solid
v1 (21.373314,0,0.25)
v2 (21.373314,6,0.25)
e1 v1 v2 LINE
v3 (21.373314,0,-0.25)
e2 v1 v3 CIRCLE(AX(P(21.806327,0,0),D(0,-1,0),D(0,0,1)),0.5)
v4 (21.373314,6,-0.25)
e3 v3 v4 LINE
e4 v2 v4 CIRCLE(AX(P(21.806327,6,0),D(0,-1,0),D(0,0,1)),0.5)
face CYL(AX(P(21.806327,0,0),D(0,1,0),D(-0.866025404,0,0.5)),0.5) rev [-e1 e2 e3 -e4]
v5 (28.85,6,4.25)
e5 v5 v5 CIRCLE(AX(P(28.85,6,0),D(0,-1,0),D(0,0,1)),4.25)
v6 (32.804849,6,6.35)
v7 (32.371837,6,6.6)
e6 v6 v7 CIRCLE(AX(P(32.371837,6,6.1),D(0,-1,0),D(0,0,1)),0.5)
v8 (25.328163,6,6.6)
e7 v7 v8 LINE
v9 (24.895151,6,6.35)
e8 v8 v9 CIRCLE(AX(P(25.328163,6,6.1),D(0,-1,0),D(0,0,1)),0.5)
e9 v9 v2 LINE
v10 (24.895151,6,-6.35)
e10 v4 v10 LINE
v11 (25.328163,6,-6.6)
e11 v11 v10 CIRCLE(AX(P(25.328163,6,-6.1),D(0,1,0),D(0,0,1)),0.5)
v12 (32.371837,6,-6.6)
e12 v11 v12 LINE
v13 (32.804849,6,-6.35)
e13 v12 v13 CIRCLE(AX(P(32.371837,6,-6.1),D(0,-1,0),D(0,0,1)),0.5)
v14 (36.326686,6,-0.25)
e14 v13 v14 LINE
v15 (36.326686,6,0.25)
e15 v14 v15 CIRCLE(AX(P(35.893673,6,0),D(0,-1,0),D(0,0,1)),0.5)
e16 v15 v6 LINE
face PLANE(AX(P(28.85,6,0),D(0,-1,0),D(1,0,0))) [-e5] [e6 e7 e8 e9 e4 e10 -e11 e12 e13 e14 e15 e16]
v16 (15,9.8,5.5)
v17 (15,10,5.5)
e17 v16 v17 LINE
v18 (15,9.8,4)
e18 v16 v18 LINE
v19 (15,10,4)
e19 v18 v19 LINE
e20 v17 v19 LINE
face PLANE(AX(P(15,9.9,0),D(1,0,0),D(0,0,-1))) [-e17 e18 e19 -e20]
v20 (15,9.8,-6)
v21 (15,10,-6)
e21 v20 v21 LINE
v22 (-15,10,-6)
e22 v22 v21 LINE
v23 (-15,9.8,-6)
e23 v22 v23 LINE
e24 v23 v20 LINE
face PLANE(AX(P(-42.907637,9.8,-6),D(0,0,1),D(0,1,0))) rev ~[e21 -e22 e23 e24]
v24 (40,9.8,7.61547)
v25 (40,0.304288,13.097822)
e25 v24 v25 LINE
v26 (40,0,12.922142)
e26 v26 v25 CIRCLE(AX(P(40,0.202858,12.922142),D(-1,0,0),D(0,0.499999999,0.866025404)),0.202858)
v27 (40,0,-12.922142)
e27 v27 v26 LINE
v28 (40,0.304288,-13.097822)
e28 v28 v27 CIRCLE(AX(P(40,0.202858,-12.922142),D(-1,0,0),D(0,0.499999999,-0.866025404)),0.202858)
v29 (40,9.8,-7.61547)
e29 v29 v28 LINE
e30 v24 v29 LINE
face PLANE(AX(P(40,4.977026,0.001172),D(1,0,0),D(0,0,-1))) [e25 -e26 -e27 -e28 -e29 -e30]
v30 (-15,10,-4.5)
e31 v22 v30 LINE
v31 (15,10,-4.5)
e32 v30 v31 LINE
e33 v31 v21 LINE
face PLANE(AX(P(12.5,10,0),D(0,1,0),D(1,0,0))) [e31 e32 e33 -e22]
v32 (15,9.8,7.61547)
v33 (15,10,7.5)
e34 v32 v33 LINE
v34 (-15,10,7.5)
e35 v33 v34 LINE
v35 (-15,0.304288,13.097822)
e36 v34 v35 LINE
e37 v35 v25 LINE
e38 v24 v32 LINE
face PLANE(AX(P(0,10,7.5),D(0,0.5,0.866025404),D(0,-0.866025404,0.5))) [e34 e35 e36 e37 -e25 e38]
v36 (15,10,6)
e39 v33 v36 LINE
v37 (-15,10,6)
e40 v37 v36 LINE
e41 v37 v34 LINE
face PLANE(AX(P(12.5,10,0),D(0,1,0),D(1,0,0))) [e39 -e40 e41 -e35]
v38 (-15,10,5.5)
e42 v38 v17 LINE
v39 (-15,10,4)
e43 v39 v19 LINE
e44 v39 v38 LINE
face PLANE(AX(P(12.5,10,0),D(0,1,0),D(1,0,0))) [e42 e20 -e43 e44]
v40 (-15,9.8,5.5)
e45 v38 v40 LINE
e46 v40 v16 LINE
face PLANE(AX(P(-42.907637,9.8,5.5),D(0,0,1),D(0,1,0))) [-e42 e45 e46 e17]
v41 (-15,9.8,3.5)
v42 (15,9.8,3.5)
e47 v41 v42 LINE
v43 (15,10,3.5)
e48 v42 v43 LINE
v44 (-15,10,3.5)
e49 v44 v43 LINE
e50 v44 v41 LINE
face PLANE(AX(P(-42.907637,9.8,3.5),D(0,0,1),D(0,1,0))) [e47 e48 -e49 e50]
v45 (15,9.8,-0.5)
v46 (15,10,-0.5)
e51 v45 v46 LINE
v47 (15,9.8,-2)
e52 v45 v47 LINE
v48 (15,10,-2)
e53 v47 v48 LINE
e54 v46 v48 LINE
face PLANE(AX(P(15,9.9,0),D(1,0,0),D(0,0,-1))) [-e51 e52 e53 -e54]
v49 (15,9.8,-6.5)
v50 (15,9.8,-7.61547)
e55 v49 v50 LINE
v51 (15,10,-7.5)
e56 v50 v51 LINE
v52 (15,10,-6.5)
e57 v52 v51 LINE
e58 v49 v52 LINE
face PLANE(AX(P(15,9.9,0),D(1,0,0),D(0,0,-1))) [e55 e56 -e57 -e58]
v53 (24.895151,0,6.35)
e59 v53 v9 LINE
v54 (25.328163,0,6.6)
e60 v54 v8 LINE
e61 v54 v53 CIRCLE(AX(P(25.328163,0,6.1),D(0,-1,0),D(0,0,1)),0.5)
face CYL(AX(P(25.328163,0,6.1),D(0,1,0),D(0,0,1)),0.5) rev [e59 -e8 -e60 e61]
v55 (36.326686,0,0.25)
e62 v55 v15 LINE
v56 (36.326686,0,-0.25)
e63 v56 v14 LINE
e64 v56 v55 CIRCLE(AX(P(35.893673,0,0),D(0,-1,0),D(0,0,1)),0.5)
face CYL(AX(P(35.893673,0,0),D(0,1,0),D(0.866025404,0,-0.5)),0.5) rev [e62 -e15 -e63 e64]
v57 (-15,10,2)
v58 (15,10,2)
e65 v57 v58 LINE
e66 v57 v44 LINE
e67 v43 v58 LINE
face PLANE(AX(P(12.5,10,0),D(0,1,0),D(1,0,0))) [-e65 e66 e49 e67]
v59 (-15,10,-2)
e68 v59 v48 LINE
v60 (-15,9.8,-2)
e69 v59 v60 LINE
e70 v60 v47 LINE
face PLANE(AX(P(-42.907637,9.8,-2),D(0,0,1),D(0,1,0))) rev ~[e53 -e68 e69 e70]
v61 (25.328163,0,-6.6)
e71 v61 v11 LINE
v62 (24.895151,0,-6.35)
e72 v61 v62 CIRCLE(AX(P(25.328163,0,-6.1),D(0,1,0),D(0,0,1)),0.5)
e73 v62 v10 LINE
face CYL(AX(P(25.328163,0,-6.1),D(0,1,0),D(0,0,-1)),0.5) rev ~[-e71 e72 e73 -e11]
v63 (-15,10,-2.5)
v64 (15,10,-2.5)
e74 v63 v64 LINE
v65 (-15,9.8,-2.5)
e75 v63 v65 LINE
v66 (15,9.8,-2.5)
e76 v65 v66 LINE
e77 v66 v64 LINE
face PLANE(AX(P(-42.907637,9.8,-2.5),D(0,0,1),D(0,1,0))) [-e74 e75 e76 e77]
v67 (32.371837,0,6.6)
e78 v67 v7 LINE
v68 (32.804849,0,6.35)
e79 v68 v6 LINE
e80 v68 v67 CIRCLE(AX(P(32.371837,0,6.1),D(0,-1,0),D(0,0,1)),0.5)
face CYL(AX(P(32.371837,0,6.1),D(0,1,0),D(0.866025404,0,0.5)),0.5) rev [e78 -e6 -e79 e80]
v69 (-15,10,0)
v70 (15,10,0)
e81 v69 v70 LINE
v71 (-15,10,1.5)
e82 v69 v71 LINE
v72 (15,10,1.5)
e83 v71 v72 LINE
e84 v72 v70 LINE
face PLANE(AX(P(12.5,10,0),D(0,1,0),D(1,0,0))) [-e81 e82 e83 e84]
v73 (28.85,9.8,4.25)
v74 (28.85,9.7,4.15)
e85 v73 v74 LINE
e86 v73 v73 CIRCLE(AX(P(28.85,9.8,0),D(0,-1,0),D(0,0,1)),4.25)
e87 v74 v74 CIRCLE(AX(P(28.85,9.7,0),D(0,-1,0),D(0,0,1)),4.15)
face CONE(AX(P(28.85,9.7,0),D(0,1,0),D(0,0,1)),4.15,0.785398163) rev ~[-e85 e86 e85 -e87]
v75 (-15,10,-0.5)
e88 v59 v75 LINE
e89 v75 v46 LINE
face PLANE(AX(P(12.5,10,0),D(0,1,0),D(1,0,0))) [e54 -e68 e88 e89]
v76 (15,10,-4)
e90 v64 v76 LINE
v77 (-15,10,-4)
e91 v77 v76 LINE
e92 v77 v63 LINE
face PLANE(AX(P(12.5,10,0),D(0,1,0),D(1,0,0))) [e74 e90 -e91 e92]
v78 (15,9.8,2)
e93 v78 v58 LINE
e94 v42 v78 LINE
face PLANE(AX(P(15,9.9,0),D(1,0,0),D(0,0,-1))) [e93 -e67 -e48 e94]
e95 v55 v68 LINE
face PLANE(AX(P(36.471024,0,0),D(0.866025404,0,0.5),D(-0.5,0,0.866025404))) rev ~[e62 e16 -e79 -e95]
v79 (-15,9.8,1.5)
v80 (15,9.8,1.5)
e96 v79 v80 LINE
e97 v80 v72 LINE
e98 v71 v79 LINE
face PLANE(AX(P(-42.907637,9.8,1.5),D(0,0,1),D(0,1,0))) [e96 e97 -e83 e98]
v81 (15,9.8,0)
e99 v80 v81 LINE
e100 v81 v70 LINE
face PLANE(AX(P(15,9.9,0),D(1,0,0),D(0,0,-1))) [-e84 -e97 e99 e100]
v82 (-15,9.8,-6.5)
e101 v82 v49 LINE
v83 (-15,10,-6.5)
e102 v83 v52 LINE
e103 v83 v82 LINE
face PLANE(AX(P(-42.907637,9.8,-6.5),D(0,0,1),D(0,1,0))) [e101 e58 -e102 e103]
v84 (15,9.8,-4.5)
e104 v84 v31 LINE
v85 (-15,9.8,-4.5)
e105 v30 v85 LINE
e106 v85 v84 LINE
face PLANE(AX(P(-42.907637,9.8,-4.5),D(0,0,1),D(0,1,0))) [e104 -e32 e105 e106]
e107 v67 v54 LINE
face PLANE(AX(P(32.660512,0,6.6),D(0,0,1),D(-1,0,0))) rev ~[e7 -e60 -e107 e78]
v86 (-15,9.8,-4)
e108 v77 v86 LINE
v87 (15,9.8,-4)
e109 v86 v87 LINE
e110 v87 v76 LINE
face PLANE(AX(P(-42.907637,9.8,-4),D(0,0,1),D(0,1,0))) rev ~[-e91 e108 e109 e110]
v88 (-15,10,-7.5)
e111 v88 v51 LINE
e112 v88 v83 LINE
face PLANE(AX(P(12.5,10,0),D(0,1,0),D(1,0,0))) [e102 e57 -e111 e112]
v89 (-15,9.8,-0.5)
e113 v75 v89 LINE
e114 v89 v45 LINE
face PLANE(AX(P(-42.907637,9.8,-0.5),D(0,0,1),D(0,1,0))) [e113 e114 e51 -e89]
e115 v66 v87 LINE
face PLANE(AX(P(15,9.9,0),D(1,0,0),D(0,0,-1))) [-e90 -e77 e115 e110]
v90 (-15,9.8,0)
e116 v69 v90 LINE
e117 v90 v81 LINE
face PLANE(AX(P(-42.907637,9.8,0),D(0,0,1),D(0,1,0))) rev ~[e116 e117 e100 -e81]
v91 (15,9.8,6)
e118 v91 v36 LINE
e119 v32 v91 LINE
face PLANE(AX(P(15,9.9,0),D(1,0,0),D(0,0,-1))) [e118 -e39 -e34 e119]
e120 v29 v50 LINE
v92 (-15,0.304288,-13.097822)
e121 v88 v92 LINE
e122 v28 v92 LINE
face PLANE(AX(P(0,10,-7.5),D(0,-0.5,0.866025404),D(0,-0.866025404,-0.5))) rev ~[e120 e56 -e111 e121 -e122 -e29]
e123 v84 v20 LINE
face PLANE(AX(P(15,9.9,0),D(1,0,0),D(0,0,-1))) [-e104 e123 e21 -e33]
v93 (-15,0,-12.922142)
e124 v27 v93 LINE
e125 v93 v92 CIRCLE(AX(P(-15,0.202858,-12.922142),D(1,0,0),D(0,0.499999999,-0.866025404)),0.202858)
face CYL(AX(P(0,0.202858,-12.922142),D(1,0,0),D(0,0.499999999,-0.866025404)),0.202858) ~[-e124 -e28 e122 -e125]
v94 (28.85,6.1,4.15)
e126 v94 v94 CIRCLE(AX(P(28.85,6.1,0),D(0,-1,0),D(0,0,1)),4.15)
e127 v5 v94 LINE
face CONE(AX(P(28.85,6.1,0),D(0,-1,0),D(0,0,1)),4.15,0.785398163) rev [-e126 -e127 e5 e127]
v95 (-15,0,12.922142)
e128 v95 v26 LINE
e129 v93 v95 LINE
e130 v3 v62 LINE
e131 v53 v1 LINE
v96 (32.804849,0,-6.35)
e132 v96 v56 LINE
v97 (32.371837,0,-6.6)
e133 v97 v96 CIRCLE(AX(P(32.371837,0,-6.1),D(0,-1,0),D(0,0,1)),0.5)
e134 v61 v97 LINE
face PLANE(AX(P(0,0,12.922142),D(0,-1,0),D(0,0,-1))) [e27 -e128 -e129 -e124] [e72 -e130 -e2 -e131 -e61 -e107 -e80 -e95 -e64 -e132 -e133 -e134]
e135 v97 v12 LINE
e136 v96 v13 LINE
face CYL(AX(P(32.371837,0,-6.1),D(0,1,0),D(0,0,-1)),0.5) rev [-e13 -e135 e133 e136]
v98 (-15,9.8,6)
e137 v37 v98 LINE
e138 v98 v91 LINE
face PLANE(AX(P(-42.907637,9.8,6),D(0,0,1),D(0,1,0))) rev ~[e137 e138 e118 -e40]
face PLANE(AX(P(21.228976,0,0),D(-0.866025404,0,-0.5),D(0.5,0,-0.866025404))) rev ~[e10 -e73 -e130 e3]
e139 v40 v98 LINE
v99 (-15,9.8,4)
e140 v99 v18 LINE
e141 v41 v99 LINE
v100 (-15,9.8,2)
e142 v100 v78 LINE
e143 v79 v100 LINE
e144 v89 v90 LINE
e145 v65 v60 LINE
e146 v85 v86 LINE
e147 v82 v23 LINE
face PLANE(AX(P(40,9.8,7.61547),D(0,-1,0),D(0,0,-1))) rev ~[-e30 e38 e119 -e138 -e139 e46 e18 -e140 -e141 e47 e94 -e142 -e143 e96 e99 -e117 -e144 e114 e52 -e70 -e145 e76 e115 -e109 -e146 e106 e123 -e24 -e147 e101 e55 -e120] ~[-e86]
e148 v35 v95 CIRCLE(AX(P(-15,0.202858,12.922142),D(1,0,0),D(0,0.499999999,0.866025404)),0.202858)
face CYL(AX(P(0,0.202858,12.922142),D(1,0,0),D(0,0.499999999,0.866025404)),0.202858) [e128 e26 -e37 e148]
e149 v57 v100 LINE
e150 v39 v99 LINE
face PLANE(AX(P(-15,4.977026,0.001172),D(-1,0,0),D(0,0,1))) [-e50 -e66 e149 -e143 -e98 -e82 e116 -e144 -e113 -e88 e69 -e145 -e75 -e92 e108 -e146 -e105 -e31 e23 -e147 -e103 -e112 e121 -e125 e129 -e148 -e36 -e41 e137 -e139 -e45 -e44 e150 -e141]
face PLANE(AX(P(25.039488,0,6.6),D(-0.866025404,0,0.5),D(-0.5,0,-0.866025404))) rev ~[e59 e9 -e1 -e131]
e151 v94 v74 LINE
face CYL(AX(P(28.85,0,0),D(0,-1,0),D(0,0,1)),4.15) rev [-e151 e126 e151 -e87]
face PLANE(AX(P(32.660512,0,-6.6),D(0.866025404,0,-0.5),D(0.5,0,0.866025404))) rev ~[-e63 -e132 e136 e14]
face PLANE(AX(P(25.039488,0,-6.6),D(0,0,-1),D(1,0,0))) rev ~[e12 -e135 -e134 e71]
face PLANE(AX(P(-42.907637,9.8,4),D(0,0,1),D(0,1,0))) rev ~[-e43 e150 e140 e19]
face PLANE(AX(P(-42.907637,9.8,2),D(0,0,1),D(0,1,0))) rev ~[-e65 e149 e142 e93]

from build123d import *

# Parameters (mm, degrees)
SKETCH1_R                       = 4.15
BOSS_EXTRUDE1_DEPTH             = 10
CUT_EXTRUDE2_DEPTH              = 42.907636536
CUT_EXTRUDE2_DEPTH_BACK         = 42.907636536
SKETCH2_W                       = 0.5
SKETCH2_H                       = 0.2
BOSS_EXTRUDE2_REACH             = 43.908
BOSS_EXTRUDE2_DIRECTION_2_REACH = 43.908
SKETCH10_W                      = 15.230940108
SKETCH10_H                      = 0.2
CUT_EXTRUDE6_DEPTH              = 25
CUT_EXTRUDE5_DEPTH              = 6
FILLET3_R                       = 0.5
CHAMFER1_SIZE                   = 0.1


with BuildPart() as part:
    # Sketch1 → Boss-Extrude1 (new body)
    with BuildSketch(Plane(origin=(0, 0, 0), x_dir=(1, 0, 0), z_dir=(0, 1, 0))):
        Polygon((-15, -7.5), (15, -7.5), (40, -7.5), (40, 7.5), (15, 7.5), (-15, 7.5), align=None)
        with Locations(Location((28.85, 0, 0), (0, 0, 270))):
            Circle(SKETCH1_R, mode=Mode.SUBTRACT)
    extrude(amount=BOSS_EXTRUDE1_DEPTH)

    # Sketch2 → Cut-Extrude2 (cut, two sides: drawn at the far end of the back side and taken through both)
    with BuildSketch(Plane(origin=(0, 0, 0), x_dir=(0, 0, -1), z_dir=(1, 0, 0)).offset(-CUT_EXTRUDE2_DEPTH_BACK)):
        with Locations((-5.75, 9.9)):
            Rectangle(SKETCH2_W, SKETCH2_H)
        with Locations((-3.75, 9.9)):
            Rectangle(SKETCH2_W, SKETCH2_H)
        with Locations((-1.75, 9.9)):
            Rectangle(SKETCH2_W, SKETCH2_H)
        with Locations((0.25, 9.9)):
            Rectangle(SKETCH2_W, SKETCH2_H)
        with Locations((2.25, 9.9)):
            Rectangle(SKETCH2_W, SKETCH2_H)
        with Locations((4.25, 9.9)):
            Rectangle(SKETCH2_W, SKETCH2_H)
        with Locations((6.25, 9.9)):
            Rectangle(SKETCH2_W, SKETCH2_H)
    extrude(amount=CUT_EXTRUDE2_DEPTH + CUT_EXTRUDE2_DEPTH_BACK, mode=Mode.SUBTRACT)

    # Boss-Extrude2: up to this face of the body (flat: up to its plane)
    boss_extrude2_end = Plane(part.part.faces().sort_by_distance((40, 4.977026122, 0.001172137))[0])
    # Sketch3 → Boss-Extrude2 (add, up to the picked face)
    with BuildSketch(Plane(origin=(0, 0, 0), x_dir=(0, 0, -1), z_dir=(1, 0, 0)), mode=Mode.PRIVATE) as boss_extrude2_sk1:
        with BuildLine():
            Line((7.5, 10), (13.097822121, 0.304287674))
            ThreePointArc((13.097822121, 0.304287674), (13.097822121, 0.101429225), (12.92214155, 0))
            Line((12.92214155, 0), (7.5, 0))
            Line((7.5, 0), (7.5, 10))
        make_face()
    boss_extrude2_tool1 = split(extrude(boss_extrude2_sk1.sketch, amount=BOSS_EXTRUDE2_REACH, mode=Mode.PRIVATE), bisect_by=boss_extrude2_end, keep=Keep.BOTH, mode=Mode.PRIVATE)
    # Sketch3 → Boss-Extrude2 (add, up to the picked face)
    with BuildSketch(Plane(origin=(0, 0, 0), x_dir=(0, 0, -1), z_dir=(1, 0, 0)), mode=Mode.PRIVATE) as boss_extrude2_sk2:
        with BuildLine():
            Line((-7.5, 0), (-7.5, 10))
            Line((-7.5, 10), (-13.097822121, 0.304287674))
            ThreePointArc((-13.097822121, 0.304287674), (-13.097822121, 0.101429225), (-12.92214155, 0))
            Line((-12.92214155, 0), (-7.5, 0))
        make_face()
    boss_extrude2_tool2 = split(extrude(boss_extrude2_sk2.sketch, amount=BOSS_EXTRUDE2_REACH, mode=Mode.PRIVATE), bisect_by=boss_extrude2_end, keep=Keep.BOTH, mode=Mode.PRIVATE)
    add(boss_extrude2_tool1.solids().sort_by(Axis((0, 3.336518, -9.420866), (1, 0, 0)))[0])
    add(boss_extrude2_tool2.solids().sort_by(Axis((0, 3.336518, 9.420866), (1, 0, 0)))[0])

    # Boss-Extrude2 direction 2: up to this face of the body (flat: up to its plane)
    boss_extrude2_direction_2_end = Plane(part.part.faces().sort_by_distance((-15, 4.977026122, 0.001172137))[0])
    # Sketch3 → Boss-Extrude2 direction 2 (add, up to the picked face)
    with BuildSketch(Plane(origin=(0, 0, 0), x_dir=(0, 0, -1), z_dir=(1, 0, 0)), mode=Mode.PRIVATE) as boss_extrude2_direction_2_sk1:
        with BuildLine():
            Line((7.5, 10), (13.097822121, 0.304287674))
            ThreePointArc((13.097822121, 0.304287674), (13.097822121, 0.101429225), (12.92214155, 0))
            Line((12.92214155, 0), (7.5, 0))
            Line((7.5, 0), (7.5, 10))
        make_face()
    boss_extrude2_direction_2_tool1 = split(extrude(boss_extrude2_direction_2_sk1.sketch, amount=-BOSS_EXTRUDE2_DIRECTION_2_REACH, mode=Mode.PRIVATE), bisect_by=boss_extrude2_direction_2_end, keep=Keep.BOTH, mode=Mode.PRIVATE)
    # Sketch3 → Boss-Extrude2 direction 2 (add, up to the picked face)
    with BuildSketch(Plane(origin=(0, 0, 0), x_dir=(0, 0, -1), z_dir=(1, 0, 0)), mode=Mode.PRIVATE) as boss_extrude2_direction_2_sk2:
        with BuildLine():
            Line((-7.5, 0), (-7.5, 10))
            Line((-7.5, 10), (-13.097822121, 0.304287674))
            ThreePointArc((-13.097822121, 0.304287674), (-13.097822121, 0.101429225), (-12.92214155, 0))
            Line((-12.92214155, 0), (-7.5, 0))
        make_face()
    boss_extrude2_direction_2_tool2 = split(extrude(boss_extrude2_direction_2_sk2.sketch, amount=-BOSS_EXTRUDE2_DIRECTION_2_REACH, mode=Mode.PRIVATE), bisect_by=boss_extrude2_direction_2_end, keep=Keep.BOTH, mode=Mode.PRIVATE)
    add(boss_extrude2_direction_2_tool1.solids().sort_by(Axis((0, 3.336518, -9.420866), (-1, 0, 0)))[0])
    add(boss_extrude2_direction_2_tool2.solids().sort_by(Axis((0, 3.336518, 9.420866), (-1, 0, 0)))[0])

    # Sketch10 → Cut-Extrude6 (cut)
    with BuildSketch(Plane(origin=(40, 0, 0), x_dir=(0, 0, -1), z_dir=(1, 0, 0))):
        with Locations((0, 9.9)):
            Rectangle(SKETCH10_W, SKETCH10_H)
    extrude(amount=-CUT_EXTRUDE6_DEPTH, mode=Mode.SUBTRACT)

    # Sketch8 → Cut-Extrude5 (cut)
    with BuildSketch(Plane.XZ):
        Polygon((25.039488223, -6.6), (32.660511777, -6.6), (36.471023553, 0), (32.660511777, 6.6), (25.039488223, 6.6), (21.228976447, 0), align=None)
    extrude(amount=-CUT_EXTRUDE5_DEPTH, mode=Mode.SUBTRACT)

    # Fillet3
    fillet3_edges = [part.edges().sort_by_distance(p)[0] for p in [
        (25.039488223, 3, -6.6),
        (21.228976447, 3, 0),
        (25.039488223, 3, 6.6),
        (32.660511777, 3, 6.6),
        (36.471023553, 3, 0),
        (32.660511777, 3, -6.6),
    ]]
    fillet(fillet3_edges, radius=FILLET3_R)

    # Chamfer1
    chamfer1_edges = [part.edges().sort_by_distance(p)[0] for p in [
        (28.85, 9.8, -4.15),
        (28.85, 6, -4.15),
    ]]
    chamfer(chamfer1_edges, length=CHAMFER1_SIZE)


solid = part.part
